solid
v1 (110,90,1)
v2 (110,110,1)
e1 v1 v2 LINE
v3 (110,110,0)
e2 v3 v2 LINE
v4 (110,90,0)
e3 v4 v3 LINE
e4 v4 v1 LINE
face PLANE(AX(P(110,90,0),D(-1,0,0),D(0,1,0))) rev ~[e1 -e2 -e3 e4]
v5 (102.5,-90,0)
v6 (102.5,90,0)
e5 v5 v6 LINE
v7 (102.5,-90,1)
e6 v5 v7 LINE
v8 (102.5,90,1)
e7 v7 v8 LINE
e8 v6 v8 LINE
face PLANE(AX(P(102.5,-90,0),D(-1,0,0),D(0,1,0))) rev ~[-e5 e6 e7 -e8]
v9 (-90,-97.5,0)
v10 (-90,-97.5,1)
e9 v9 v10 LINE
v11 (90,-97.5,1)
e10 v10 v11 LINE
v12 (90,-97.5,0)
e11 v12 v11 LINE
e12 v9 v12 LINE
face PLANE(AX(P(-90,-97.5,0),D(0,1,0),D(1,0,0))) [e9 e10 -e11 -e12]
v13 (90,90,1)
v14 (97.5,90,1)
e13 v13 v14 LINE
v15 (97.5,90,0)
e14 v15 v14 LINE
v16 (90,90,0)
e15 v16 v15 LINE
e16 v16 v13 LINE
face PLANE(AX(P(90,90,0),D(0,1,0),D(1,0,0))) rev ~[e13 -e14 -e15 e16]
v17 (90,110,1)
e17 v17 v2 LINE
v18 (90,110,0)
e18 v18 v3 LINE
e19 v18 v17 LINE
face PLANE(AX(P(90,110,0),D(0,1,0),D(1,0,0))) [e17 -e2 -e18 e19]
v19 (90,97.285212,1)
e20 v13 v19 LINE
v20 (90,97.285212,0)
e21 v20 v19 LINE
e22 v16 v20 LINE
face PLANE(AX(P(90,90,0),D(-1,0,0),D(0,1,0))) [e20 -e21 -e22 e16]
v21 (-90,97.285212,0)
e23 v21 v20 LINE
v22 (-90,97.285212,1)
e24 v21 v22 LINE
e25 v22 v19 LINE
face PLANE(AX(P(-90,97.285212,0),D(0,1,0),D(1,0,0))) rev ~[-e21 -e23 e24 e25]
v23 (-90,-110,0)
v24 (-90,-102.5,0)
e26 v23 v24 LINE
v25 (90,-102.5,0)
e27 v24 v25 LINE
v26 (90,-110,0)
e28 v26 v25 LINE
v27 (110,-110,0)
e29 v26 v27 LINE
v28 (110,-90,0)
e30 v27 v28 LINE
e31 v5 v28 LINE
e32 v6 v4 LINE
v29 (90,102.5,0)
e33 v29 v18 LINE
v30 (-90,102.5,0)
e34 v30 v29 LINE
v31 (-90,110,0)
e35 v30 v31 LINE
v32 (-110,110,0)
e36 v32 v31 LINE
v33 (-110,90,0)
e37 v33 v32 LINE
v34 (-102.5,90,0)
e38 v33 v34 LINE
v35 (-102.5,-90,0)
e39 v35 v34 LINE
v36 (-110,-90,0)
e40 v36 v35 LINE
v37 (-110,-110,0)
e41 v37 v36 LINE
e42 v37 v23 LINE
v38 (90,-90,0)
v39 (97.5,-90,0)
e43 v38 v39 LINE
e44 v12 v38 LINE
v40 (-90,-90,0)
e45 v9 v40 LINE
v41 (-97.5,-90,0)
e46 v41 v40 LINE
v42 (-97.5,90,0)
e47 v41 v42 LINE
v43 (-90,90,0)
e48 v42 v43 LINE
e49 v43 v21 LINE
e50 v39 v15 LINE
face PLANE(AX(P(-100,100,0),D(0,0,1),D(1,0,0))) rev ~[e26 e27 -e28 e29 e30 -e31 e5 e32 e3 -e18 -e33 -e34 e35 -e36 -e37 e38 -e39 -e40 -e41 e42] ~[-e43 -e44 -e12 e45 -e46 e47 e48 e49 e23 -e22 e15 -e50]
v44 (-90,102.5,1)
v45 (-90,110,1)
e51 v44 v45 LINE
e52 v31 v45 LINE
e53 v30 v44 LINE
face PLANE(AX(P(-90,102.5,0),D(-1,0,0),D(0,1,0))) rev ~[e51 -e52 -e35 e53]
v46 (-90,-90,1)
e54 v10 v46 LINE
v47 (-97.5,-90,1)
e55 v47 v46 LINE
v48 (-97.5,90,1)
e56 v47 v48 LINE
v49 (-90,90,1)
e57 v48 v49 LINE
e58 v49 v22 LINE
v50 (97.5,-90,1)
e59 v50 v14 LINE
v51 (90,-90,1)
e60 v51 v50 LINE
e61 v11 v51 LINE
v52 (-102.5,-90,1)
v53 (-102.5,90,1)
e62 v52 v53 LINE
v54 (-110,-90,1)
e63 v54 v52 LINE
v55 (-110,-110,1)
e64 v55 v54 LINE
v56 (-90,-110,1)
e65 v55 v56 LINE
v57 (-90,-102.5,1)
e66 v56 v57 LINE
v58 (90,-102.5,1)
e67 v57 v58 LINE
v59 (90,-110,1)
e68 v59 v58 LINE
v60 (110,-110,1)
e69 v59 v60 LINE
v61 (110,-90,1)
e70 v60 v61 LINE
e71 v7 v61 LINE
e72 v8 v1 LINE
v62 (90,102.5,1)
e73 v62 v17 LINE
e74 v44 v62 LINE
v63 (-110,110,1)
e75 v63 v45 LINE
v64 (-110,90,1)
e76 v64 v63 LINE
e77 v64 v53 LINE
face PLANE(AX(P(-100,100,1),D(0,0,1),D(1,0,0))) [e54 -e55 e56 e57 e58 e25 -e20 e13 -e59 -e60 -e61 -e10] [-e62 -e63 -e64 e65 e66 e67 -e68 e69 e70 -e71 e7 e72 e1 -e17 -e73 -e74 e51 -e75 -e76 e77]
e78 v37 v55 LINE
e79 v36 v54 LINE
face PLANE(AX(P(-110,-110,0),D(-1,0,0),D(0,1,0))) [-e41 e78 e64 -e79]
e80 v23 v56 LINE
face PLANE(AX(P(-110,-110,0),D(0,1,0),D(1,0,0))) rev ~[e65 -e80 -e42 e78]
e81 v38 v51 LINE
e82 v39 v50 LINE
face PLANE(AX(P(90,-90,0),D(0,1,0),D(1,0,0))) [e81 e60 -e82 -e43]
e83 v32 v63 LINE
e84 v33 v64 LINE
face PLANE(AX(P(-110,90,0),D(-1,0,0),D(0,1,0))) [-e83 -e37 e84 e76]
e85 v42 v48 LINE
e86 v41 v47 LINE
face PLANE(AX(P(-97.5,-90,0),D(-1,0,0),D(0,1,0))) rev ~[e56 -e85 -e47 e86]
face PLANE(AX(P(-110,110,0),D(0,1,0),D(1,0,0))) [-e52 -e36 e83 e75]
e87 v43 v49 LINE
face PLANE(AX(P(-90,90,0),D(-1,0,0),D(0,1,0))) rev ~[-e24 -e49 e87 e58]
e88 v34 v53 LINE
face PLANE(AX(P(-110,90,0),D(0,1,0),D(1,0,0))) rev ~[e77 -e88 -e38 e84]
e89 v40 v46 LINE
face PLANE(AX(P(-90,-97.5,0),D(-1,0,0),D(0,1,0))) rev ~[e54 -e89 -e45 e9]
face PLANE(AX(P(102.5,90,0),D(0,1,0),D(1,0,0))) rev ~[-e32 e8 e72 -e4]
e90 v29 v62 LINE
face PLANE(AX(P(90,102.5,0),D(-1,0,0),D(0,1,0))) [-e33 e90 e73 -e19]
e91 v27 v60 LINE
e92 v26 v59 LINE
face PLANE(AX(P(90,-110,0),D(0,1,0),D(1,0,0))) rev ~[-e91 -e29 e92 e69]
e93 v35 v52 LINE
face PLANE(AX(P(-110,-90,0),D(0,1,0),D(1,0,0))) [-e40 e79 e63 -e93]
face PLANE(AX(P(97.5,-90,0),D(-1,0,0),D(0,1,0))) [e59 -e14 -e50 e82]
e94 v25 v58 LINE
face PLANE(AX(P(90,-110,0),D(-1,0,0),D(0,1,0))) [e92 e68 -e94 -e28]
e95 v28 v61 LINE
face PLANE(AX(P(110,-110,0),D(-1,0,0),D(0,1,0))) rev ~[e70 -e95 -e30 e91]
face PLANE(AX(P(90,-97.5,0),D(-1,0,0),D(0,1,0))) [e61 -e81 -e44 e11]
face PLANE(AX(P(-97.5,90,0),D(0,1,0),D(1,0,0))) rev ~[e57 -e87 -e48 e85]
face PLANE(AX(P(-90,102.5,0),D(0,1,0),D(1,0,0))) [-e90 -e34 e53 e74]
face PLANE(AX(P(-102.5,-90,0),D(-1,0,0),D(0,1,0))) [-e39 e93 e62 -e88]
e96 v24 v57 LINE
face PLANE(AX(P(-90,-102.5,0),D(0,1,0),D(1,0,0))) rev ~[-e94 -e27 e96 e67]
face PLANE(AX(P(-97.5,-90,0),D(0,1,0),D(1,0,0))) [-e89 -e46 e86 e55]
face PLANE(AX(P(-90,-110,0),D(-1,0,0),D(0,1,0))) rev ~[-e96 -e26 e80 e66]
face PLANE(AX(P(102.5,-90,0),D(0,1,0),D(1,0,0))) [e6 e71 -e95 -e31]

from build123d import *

# Parameters (mm, degrees)
SKETCH_W   = 20
SKETCH_H   = 20
SKETCH_W_2 = 180
SKETCH_H_2 = 5.214788
SKETCH_W_3 = 5
SKETCH_H_3 = 180
SKETCH_H_4 = 5
PAD_DEPTH  = 1


with BuildPart() as part:
    # Sketch (on XY_Plane of Origin) → Pad (new body)
    with BuildSketch(Plane.XY):
        with Locations((-100, 100)):
            Rectangle(SKETCH_W, SKETCH_H)
        with Locations((-100, -100)):
            Rectangle(SKETCH_W, SKETCH_H)
        with Locations((100, -100)):
            Rectangle(SKETCH_W, SKETCH_H)
        with Locations((100, 100)):
            Rectangle(SKETCH_W, SKETCH_H)
        with Locations((0, 99.892606)):
            Rectangle(SKETCH_W_2, SKETCH_H_2)
        with Locations((-100, 0)):
            Rectangle(SKETCH_W_3, SKETCH_H_3)
        with Locations((0, -100)):
            Rectangle(SKETCH_W_2, SKETCH_H_4)
        with Locations((100, 0)):
            Rectangle(SKETCH_W_3, SKETCH_H_3)
    extrude(amount=PAD_DEPTH)


solid = part.part
